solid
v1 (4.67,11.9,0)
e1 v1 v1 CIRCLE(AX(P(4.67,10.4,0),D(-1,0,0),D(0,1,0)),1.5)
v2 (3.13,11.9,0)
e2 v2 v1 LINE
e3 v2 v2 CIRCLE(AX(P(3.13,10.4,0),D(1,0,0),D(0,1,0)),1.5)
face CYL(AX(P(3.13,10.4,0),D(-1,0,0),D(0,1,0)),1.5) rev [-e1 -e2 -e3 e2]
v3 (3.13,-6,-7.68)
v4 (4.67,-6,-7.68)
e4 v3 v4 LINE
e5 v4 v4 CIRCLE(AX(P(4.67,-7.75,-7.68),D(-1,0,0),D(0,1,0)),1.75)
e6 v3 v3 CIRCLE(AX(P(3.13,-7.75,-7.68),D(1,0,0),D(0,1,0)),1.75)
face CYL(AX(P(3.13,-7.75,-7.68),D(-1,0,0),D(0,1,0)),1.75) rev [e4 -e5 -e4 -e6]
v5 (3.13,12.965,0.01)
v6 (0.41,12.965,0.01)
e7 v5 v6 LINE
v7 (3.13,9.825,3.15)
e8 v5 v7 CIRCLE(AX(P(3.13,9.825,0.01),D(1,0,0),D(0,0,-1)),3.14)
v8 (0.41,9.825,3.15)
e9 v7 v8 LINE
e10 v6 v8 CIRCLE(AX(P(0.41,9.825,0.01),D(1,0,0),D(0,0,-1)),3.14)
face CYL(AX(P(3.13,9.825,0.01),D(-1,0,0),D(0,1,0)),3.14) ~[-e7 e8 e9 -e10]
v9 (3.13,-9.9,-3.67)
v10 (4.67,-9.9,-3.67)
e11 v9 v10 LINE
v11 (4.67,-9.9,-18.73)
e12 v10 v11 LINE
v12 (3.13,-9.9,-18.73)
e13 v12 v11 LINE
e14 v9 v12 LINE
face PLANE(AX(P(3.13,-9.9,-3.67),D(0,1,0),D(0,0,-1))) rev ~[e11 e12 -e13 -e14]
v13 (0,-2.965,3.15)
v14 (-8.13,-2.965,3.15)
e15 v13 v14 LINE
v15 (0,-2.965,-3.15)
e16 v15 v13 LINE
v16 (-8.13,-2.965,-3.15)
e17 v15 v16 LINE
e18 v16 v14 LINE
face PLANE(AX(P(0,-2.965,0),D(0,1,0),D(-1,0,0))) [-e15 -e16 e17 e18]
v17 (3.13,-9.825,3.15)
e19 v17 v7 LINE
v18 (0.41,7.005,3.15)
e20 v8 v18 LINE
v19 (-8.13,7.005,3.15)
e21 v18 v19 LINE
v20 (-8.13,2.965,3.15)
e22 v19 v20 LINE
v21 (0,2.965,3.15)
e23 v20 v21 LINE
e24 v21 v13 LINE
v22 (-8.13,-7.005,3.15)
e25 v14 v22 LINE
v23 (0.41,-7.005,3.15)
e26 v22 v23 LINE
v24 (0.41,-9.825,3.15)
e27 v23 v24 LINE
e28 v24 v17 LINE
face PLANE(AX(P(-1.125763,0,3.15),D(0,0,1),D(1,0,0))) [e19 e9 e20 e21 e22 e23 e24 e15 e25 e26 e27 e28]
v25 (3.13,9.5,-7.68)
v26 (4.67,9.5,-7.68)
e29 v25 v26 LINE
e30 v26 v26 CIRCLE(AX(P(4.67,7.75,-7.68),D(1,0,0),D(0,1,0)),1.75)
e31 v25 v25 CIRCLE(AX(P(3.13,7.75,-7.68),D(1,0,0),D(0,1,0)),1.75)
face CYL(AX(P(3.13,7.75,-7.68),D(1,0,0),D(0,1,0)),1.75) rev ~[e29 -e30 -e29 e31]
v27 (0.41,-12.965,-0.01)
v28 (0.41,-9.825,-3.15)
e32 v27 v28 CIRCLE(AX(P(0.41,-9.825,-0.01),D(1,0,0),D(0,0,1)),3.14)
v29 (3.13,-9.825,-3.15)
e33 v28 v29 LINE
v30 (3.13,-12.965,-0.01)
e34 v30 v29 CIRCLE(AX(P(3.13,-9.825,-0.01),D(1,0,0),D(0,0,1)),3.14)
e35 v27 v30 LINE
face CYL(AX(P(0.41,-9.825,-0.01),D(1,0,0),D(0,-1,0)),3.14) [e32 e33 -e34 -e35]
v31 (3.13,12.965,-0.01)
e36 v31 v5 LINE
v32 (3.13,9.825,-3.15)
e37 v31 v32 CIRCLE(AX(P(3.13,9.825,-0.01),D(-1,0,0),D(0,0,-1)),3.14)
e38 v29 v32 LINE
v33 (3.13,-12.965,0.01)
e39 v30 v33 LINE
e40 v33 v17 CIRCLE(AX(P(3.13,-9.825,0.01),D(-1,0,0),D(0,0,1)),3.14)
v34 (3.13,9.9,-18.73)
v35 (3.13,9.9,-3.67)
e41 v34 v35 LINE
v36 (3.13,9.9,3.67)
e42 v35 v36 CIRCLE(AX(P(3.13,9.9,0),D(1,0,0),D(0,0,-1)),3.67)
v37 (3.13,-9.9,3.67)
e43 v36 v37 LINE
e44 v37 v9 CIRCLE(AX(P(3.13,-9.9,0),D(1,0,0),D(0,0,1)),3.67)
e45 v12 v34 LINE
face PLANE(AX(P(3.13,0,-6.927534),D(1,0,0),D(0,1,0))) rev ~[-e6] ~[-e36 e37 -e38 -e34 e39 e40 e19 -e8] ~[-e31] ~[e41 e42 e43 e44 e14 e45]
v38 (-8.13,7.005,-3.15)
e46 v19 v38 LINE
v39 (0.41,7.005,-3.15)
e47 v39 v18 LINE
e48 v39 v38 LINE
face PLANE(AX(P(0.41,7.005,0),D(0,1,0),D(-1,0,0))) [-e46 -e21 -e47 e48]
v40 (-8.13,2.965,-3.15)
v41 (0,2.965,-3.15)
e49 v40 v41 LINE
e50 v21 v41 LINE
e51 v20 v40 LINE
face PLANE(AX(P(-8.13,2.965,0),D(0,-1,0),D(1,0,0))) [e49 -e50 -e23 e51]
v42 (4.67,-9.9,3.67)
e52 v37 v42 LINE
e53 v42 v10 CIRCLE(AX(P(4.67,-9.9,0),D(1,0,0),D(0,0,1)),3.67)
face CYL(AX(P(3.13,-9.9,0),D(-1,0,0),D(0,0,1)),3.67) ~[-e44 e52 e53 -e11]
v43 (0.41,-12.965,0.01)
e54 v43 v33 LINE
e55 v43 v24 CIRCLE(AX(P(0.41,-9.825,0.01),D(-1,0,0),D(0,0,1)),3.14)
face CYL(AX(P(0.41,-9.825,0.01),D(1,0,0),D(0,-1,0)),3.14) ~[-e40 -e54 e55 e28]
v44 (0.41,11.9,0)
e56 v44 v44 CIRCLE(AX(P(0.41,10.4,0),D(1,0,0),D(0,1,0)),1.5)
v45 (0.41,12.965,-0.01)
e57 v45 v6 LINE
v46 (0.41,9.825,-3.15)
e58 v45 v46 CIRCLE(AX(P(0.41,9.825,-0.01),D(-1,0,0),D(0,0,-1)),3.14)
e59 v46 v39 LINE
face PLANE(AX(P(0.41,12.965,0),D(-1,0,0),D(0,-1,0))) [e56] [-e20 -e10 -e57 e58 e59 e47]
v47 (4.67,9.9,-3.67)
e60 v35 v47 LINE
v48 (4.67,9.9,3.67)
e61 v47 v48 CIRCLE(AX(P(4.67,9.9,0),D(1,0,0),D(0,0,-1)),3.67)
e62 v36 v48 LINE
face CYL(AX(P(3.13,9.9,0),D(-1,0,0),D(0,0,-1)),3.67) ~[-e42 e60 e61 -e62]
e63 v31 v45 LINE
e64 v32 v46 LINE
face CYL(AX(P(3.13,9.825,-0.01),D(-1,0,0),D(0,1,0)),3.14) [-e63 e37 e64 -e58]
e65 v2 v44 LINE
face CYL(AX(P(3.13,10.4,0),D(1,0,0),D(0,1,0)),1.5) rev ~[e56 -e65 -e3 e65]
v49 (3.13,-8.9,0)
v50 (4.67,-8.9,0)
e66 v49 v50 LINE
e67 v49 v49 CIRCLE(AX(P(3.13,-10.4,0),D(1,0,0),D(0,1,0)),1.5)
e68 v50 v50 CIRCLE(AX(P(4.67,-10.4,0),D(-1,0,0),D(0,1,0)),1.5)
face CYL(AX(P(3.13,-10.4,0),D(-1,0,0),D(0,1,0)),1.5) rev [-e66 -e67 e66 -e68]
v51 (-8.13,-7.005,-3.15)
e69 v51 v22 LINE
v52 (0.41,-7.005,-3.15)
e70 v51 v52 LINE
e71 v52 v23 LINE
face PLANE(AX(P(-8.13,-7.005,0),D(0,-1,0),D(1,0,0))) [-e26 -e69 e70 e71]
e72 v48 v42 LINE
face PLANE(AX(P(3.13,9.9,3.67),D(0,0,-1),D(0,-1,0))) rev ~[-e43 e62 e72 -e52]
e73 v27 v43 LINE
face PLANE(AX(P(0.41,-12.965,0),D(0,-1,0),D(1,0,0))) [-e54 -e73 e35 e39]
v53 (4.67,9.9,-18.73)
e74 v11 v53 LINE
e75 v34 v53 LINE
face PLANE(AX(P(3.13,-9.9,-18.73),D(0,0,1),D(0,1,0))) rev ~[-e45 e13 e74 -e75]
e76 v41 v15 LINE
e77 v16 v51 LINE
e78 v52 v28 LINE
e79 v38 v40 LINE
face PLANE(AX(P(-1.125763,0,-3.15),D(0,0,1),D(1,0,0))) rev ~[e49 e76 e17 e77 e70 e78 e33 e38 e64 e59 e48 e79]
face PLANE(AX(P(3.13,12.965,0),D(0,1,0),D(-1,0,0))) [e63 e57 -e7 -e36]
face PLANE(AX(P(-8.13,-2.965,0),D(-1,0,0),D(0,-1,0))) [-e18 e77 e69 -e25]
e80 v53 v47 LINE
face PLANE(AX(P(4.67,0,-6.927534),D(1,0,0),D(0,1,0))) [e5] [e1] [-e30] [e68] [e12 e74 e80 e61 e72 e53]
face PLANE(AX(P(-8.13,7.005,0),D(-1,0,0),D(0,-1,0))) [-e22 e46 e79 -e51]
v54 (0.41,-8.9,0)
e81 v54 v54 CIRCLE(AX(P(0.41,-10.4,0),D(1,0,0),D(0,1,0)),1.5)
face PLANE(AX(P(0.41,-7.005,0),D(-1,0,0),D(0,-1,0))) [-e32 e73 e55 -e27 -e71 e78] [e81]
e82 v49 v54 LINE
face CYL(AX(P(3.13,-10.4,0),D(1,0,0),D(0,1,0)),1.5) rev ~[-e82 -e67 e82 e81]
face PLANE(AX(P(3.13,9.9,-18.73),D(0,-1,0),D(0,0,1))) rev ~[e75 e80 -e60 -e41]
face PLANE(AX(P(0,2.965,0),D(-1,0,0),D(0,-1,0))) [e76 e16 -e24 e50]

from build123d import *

# Parameters (mm, degrees)
F1_DEPTH = 3.15
F2_R     = 3.14
F5_DEPTH = 1.54
F4_R     = 1.5
F4_R_2   = 1.75
F6_DEPTH = 12.5


with BuildPart() as f1:
    # F0 (on Top) → F1 (new body, symmetric)
    with BuildSketch(Plane.XY):
        Polygon((0, 2.965), (0, 0), (0, -2.965), (-8.13, -2.965), (-8.13, -7.005), (0.41, -7.005), (0.41, -12.965), (3.13, -12.965), (3.13, 0), (3.13, 12.965), (0.41, 12.965), (0.41, 7.005), (-8.13, 7.005), (-8.13, 2.965), align=None)
    extrude(amount=F1_DEPTH, both=True)

    # F2
    f2_edges = [f1.edges().sort_by_distance(p)[0] for p in [
        (1.77, 12.965, 3.15),
        (1.77, 12.965, -3.15),
        (1.77, -12.965, 3.15),
        (1.77, -12.965, -3.15),
    ]]
    fillet(f2_edges, radius=F2_R)

    # F3 (on face) → F5 (join)
    with BuildSketch(Plane.YZ.offset(3.13)):
        with BuildLine():
            Line((-9.9, -3.67), (-9.9, -18.73))
            Line((-9.9, -18.73), (9.9, -18.73))
            Line((9.9, -18.73), (9.9, -3.67))
            ThreePointArc((9.9, -3.67), (13.57, 0), (9.9, 3.67))
            Line((9.9, 3.67), (-9.9, 3.67))
            ThreePointArc((-9.9, 3.67), (-13.57, 0), (-9.9, -3.67))
        make_face()
    extrude(amount=F5_DEPTH)

    # F4 (on face) → F6 (cut, symmetric)
    with BuildSketch(Plane.YZ.offset(3.13)):
        with Locations((-10.4, 0)):
            Circle(F4_R)
        with Locations((10.4, 0)):
            Circle(F4_R)
        with Locations((-7.75, -7.68)):
            Circle(F4_R_2)
        with Locations((7.75, -7.68)):
            Circle(F4_R_2)
    extrude(amount=F6_DEPTH, both=True, mode=Mode.SUBTRACT)


solid = f1.part
